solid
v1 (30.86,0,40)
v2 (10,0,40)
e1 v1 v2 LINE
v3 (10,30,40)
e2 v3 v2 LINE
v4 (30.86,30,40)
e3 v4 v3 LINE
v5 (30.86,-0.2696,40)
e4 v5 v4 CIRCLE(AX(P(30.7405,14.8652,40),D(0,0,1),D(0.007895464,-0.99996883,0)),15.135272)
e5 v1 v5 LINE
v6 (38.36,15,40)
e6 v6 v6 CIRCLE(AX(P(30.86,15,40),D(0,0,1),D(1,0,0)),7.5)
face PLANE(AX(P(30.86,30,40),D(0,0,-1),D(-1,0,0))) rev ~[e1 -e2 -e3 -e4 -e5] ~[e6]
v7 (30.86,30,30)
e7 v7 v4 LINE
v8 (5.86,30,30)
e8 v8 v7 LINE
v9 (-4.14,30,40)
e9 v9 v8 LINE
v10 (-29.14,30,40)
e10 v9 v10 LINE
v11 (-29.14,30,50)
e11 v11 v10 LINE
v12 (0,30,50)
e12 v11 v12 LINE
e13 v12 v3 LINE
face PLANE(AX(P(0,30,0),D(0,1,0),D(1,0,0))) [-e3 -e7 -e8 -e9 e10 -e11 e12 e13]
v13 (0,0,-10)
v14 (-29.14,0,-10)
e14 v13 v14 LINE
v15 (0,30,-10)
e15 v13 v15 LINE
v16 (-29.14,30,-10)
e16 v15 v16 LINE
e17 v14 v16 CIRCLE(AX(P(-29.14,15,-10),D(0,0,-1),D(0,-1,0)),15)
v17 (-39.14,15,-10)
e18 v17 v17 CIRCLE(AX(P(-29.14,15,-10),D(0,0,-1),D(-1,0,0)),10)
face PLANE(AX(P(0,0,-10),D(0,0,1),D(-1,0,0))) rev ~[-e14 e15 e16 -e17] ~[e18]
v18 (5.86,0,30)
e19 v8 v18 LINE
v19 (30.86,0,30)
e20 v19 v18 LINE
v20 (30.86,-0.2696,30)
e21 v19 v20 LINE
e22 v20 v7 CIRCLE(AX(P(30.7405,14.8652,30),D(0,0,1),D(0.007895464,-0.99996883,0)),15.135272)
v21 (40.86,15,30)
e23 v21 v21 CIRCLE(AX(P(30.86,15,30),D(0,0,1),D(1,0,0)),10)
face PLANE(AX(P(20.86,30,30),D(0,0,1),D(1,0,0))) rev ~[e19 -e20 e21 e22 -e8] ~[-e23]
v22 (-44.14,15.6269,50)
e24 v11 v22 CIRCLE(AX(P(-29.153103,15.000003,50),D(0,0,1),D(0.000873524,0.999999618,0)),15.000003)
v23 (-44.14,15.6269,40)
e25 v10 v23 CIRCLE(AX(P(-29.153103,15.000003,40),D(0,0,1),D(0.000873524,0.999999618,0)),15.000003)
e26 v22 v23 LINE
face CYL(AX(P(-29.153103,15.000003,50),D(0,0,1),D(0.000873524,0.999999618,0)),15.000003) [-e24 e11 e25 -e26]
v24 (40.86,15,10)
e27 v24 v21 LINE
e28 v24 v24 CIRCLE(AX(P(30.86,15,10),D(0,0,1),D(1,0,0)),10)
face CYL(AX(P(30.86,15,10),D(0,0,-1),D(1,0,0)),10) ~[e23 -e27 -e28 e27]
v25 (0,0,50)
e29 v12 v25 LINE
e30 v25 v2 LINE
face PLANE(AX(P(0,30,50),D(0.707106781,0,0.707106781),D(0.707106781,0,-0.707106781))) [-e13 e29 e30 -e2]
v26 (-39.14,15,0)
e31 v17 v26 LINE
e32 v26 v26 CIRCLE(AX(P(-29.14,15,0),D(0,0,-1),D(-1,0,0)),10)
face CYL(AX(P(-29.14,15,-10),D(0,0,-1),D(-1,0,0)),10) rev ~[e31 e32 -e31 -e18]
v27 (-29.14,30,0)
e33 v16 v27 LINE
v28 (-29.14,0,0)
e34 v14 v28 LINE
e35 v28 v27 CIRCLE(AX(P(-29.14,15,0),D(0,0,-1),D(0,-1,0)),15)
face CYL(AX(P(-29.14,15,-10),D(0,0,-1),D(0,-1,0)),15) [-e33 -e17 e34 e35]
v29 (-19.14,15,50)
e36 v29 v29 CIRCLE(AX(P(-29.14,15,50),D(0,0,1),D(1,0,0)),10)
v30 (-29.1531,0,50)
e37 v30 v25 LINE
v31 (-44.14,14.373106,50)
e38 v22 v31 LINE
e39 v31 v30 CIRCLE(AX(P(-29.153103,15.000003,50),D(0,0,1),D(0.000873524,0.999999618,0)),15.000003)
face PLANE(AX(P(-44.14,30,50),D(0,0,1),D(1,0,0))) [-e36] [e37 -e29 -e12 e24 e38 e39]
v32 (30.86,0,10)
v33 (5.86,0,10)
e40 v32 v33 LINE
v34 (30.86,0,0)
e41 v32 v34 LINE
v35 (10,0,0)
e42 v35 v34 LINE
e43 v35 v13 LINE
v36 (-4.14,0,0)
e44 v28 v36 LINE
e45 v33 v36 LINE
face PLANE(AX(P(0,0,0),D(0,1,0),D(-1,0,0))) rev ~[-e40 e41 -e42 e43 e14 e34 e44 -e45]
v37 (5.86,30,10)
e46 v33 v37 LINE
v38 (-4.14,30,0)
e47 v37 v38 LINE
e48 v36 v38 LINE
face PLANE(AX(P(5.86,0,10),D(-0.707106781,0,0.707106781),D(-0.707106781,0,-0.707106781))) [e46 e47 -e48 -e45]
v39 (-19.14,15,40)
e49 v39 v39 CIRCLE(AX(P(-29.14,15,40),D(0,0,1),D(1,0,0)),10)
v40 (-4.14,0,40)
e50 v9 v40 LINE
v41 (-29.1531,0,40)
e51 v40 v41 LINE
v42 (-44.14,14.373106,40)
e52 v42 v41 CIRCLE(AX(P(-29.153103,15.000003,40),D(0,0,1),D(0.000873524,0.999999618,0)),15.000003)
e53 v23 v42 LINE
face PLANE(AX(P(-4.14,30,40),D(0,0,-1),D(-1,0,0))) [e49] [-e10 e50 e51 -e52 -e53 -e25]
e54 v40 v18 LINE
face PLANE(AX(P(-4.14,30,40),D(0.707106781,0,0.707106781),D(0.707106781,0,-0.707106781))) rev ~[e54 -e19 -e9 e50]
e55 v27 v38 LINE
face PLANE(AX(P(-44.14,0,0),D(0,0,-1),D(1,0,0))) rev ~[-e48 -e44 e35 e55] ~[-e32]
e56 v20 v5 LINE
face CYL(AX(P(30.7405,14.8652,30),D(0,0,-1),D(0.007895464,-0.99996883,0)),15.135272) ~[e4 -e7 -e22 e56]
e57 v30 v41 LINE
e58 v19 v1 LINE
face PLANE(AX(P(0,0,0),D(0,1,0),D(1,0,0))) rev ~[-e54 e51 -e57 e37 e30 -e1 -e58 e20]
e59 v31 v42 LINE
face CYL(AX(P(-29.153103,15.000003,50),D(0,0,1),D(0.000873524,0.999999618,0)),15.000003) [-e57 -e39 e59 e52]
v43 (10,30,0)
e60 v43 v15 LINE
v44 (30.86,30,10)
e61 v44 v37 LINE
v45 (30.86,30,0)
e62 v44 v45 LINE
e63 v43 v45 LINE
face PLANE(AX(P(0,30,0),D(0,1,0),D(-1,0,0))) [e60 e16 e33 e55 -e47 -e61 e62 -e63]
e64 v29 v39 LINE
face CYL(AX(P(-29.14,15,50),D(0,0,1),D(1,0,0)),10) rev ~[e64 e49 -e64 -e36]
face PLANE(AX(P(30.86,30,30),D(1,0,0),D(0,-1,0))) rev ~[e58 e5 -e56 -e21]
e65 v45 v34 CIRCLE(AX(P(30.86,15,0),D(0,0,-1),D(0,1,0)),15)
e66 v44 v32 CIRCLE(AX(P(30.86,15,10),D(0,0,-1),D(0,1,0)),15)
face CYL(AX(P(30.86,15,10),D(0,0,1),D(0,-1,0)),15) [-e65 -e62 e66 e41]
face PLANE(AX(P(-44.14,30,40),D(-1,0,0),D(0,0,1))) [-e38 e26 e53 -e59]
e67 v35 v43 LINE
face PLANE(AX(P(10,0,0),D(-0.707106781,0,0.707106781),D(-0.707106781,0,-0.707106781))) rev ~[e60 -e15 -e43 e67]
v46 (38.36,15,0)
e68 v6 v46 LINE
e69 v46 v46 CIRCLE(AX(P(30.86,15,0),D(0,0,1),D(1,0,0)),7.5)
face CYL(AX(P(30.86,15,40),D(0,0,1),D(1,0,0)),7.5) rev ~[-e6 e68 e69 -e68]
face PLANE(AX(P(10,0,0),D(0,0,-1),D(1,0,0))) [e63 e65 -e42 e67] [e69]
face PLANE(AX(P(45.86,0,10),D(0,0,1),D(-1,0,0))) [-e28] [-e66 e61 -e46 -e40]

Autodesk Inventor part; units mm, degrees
ref_plane "YZ Plane" through (0, 0, 0) normal (1, 0, 0) x (0, 1, 0)
ref_plane "XZ Plane" through (0, 0, 0) normal (0, 1, 0) x (-1, 0, 0)
ref_plane "XY Plane" through (0, 0, 0) normal (0, 0, 1) x (1, 0, 0)
sketch "Boceto1" plane through (0, 0, 0) normal (0, 1, 0) x (-1, 0, 0)
  line L0 (0, -10) -> (44.14, -10)
  line L1 (44.14, -10) -> (44.14, 0)
  line L2 (44.14, 0) -> (4.14, 0)
  line L3 (4.14, 0) -> (14.14, 0) construction
  line L4 (4.14, 0) -> (14.14, 0) construction
  line L5 (-5.86, 10) -> (4.14, 0)
  line L6 (-10, 0) -> (0, -10)
  line L7 (-10, 0) -> (-45.86, 0)
  line L8 (-10, 0) -> (25.86, 0) construction
  line L9 (-45.86, 0) -> (-45.86, 10)
  line L10 (-45.86, 10) -> (-5.86, 10)
  point P0 (0, 0)
  dimension "d10" = 44.14
  dimension "d12" = 40
  dimension "d19" = 35.86
  dimension "d21" = 10
extrude "Extrusión1" add sketch "Boceto1" along normal blind 30
sketch "Boceto2" plane through (5.86, 0, 10) normal (0, 0, 1) x (1, 0, 0)
  point P0 (-5.86, 0)
sketch "Boceto3" plane through (0, 0, -10) normal (0, 0, -1) x (-1, 0, 0)
  line L0 (44.14, 0) -> (44.14, 30) projected
  line L1 (0, 0) -> (0, 30) projected
  line L2 (44.14, 0) -> (44.14, 15)
  line L3 (44.14, 0) -> (59.14, 0) construction
  circle A0 centre (29.14, 15) radius 10
  line L4 (0, 0) -> (44.14, 0) projected
  line L5 (29.14, 15) -> (44.14, 15) construction
  arc A1 (29.14, 0) -> (29.14, 30) centre (29.14, 15) ccw
  line L6 (44.14, 30) -> (29.14, 30)
  line L7 (44.14, 0) -> (29.14, 0)
  dimension "d24" = 44.14
  dimension "d26" = 90
  dimension "d29" = 15
  dimension "d30" = 15
extrude "Extrusión2" cut sketch "Boceto3" against normal blind 30
sketch "Boceto4" plane through (5.86, 0, 10) normal (0, 0, 1) x (1, 0, 0)
  line L0 (40, 30) -> (4.14, 30) projected
  line L1 (40, 30) -> (40, 15)
  line L2 (40, 0) -> (40, 30) projected
  circle A0 centre (25, 15) radius 7.5
  circle A1 centre (25, 15) radius 10
  arc A2 (25, 0) -> (25, 30) centre (25, 15) ccw
  line L3 (40, 0) -> (25, 0)
  point P0 (-5.86, 0)
  dimension "d34" = 15
  dimension "d37" = 15
extrude "Extrusión3" cut sketch "Boceto4" against normal blind 30 contours L1 A2 L0 | L2 L3 A2
sketch "Boceto5" plane through (5.86, 0, 10) normal (0, 0, 1) x (1, 0, 0)
  arc A0 (25, 0) -> (25, 30) centre (25, 15) ccw projected
  line L0 (40, 15) -> (25, 15)
  circle A1 centre (25, 15) radius 10
  point P0 (-5.86, 0)
  dimension "d41" = 20
extrude "Extrusión4" add sketch "Boceto5" along normal blind 20
sketch "Boceto6" plane through (30.86, 15, 30) normal (0, 0, 1) x (1, 0, 0)
  line L0 (-25, 15) -> (0, 15) projected
  arc A0 (0, -15.2696) -> (0, 15) centre (-0.1195, -0.1348) ccw
  line L1 (0, 15) -> (0, -15.2696)
extrude "Extrusión5" add sketch "Boceto6" along normal blind 10
sketch "Boceto7" plane through (0, 30, 0) normal (0, 1, 0) x (1, 0, 0)
  line L0 (20.86, -30) -> (30.86, -30) projected
  line L1 (30.86, -30) -> (5.86, -30)
  line L2 (30.86, -30) -> (30.86, -40) projected
  line L3 (30.86, -40) -> (10, -40)
  line L4 (0, -50) -> (10, -40)
  line L5 (-4.14, -30) -> (5.86, -30) construction
  line L6 (-4.14, -40) -> (5.86, -30)
  line L7 (-4.14, -40) -> (-44.14, -40)
  line L8 (-4.14, -40) -> (35.86, -40) construction
  line L9 (-44.14, -40) -> (-44.14, -50)
  line L10 (-44.14, -50) -> (0, -50)
  point P0 (0, 0)
  dimension "d46" = 25
  dimension "d51" = 10
  dimension "d53" = 40
  dimension "d54" = 180
  dimension "d55" = 10
  dimension "d56" = 90
extrude "Extrusión6" add sketch "Boceto7" against normal blind 30
sketch "Boceto8" plane through (-44.14, 30, 50) normal (0, 0, 1) x (1, 0, 0)
  line L0 (40, 0) -> (0, 0) projected
  circle A0 centre (15, -15) radius 10
  circle A1 centre (15, -15) radius 10 projected
  line L1 (0, 0) -> (0, -30) projected
  arc A2 (15, 0) -> (14.9869, -30) centre (14.9869, -15) ccw
  line L2 (0, -30) -> (40, -30) projected
  line L3 (14.9869, -30) -> (0, -30)
  point P0 (44.14, -30)
  point P1 (0, -14.3743)
  point P2 (0, -15.6257)
  dimension "d61" = 20
extrude "Extrusión7" cut sketch "Boceto8" against normal blind 30 contours A2 L1 L0 | A2 L2 L1 | A0
sketch "Boceto9" plane through (30.86, 15, 40) normal (0, 0, 1) x (1, 0, 0)
  circle A0 centre (0, 0) radius 7.5
  point P0 (-30.86, -15)
  dimension "d65" = 15
extrude "Extrusión8" cut sketch "Boceto9" against normal blind 60
